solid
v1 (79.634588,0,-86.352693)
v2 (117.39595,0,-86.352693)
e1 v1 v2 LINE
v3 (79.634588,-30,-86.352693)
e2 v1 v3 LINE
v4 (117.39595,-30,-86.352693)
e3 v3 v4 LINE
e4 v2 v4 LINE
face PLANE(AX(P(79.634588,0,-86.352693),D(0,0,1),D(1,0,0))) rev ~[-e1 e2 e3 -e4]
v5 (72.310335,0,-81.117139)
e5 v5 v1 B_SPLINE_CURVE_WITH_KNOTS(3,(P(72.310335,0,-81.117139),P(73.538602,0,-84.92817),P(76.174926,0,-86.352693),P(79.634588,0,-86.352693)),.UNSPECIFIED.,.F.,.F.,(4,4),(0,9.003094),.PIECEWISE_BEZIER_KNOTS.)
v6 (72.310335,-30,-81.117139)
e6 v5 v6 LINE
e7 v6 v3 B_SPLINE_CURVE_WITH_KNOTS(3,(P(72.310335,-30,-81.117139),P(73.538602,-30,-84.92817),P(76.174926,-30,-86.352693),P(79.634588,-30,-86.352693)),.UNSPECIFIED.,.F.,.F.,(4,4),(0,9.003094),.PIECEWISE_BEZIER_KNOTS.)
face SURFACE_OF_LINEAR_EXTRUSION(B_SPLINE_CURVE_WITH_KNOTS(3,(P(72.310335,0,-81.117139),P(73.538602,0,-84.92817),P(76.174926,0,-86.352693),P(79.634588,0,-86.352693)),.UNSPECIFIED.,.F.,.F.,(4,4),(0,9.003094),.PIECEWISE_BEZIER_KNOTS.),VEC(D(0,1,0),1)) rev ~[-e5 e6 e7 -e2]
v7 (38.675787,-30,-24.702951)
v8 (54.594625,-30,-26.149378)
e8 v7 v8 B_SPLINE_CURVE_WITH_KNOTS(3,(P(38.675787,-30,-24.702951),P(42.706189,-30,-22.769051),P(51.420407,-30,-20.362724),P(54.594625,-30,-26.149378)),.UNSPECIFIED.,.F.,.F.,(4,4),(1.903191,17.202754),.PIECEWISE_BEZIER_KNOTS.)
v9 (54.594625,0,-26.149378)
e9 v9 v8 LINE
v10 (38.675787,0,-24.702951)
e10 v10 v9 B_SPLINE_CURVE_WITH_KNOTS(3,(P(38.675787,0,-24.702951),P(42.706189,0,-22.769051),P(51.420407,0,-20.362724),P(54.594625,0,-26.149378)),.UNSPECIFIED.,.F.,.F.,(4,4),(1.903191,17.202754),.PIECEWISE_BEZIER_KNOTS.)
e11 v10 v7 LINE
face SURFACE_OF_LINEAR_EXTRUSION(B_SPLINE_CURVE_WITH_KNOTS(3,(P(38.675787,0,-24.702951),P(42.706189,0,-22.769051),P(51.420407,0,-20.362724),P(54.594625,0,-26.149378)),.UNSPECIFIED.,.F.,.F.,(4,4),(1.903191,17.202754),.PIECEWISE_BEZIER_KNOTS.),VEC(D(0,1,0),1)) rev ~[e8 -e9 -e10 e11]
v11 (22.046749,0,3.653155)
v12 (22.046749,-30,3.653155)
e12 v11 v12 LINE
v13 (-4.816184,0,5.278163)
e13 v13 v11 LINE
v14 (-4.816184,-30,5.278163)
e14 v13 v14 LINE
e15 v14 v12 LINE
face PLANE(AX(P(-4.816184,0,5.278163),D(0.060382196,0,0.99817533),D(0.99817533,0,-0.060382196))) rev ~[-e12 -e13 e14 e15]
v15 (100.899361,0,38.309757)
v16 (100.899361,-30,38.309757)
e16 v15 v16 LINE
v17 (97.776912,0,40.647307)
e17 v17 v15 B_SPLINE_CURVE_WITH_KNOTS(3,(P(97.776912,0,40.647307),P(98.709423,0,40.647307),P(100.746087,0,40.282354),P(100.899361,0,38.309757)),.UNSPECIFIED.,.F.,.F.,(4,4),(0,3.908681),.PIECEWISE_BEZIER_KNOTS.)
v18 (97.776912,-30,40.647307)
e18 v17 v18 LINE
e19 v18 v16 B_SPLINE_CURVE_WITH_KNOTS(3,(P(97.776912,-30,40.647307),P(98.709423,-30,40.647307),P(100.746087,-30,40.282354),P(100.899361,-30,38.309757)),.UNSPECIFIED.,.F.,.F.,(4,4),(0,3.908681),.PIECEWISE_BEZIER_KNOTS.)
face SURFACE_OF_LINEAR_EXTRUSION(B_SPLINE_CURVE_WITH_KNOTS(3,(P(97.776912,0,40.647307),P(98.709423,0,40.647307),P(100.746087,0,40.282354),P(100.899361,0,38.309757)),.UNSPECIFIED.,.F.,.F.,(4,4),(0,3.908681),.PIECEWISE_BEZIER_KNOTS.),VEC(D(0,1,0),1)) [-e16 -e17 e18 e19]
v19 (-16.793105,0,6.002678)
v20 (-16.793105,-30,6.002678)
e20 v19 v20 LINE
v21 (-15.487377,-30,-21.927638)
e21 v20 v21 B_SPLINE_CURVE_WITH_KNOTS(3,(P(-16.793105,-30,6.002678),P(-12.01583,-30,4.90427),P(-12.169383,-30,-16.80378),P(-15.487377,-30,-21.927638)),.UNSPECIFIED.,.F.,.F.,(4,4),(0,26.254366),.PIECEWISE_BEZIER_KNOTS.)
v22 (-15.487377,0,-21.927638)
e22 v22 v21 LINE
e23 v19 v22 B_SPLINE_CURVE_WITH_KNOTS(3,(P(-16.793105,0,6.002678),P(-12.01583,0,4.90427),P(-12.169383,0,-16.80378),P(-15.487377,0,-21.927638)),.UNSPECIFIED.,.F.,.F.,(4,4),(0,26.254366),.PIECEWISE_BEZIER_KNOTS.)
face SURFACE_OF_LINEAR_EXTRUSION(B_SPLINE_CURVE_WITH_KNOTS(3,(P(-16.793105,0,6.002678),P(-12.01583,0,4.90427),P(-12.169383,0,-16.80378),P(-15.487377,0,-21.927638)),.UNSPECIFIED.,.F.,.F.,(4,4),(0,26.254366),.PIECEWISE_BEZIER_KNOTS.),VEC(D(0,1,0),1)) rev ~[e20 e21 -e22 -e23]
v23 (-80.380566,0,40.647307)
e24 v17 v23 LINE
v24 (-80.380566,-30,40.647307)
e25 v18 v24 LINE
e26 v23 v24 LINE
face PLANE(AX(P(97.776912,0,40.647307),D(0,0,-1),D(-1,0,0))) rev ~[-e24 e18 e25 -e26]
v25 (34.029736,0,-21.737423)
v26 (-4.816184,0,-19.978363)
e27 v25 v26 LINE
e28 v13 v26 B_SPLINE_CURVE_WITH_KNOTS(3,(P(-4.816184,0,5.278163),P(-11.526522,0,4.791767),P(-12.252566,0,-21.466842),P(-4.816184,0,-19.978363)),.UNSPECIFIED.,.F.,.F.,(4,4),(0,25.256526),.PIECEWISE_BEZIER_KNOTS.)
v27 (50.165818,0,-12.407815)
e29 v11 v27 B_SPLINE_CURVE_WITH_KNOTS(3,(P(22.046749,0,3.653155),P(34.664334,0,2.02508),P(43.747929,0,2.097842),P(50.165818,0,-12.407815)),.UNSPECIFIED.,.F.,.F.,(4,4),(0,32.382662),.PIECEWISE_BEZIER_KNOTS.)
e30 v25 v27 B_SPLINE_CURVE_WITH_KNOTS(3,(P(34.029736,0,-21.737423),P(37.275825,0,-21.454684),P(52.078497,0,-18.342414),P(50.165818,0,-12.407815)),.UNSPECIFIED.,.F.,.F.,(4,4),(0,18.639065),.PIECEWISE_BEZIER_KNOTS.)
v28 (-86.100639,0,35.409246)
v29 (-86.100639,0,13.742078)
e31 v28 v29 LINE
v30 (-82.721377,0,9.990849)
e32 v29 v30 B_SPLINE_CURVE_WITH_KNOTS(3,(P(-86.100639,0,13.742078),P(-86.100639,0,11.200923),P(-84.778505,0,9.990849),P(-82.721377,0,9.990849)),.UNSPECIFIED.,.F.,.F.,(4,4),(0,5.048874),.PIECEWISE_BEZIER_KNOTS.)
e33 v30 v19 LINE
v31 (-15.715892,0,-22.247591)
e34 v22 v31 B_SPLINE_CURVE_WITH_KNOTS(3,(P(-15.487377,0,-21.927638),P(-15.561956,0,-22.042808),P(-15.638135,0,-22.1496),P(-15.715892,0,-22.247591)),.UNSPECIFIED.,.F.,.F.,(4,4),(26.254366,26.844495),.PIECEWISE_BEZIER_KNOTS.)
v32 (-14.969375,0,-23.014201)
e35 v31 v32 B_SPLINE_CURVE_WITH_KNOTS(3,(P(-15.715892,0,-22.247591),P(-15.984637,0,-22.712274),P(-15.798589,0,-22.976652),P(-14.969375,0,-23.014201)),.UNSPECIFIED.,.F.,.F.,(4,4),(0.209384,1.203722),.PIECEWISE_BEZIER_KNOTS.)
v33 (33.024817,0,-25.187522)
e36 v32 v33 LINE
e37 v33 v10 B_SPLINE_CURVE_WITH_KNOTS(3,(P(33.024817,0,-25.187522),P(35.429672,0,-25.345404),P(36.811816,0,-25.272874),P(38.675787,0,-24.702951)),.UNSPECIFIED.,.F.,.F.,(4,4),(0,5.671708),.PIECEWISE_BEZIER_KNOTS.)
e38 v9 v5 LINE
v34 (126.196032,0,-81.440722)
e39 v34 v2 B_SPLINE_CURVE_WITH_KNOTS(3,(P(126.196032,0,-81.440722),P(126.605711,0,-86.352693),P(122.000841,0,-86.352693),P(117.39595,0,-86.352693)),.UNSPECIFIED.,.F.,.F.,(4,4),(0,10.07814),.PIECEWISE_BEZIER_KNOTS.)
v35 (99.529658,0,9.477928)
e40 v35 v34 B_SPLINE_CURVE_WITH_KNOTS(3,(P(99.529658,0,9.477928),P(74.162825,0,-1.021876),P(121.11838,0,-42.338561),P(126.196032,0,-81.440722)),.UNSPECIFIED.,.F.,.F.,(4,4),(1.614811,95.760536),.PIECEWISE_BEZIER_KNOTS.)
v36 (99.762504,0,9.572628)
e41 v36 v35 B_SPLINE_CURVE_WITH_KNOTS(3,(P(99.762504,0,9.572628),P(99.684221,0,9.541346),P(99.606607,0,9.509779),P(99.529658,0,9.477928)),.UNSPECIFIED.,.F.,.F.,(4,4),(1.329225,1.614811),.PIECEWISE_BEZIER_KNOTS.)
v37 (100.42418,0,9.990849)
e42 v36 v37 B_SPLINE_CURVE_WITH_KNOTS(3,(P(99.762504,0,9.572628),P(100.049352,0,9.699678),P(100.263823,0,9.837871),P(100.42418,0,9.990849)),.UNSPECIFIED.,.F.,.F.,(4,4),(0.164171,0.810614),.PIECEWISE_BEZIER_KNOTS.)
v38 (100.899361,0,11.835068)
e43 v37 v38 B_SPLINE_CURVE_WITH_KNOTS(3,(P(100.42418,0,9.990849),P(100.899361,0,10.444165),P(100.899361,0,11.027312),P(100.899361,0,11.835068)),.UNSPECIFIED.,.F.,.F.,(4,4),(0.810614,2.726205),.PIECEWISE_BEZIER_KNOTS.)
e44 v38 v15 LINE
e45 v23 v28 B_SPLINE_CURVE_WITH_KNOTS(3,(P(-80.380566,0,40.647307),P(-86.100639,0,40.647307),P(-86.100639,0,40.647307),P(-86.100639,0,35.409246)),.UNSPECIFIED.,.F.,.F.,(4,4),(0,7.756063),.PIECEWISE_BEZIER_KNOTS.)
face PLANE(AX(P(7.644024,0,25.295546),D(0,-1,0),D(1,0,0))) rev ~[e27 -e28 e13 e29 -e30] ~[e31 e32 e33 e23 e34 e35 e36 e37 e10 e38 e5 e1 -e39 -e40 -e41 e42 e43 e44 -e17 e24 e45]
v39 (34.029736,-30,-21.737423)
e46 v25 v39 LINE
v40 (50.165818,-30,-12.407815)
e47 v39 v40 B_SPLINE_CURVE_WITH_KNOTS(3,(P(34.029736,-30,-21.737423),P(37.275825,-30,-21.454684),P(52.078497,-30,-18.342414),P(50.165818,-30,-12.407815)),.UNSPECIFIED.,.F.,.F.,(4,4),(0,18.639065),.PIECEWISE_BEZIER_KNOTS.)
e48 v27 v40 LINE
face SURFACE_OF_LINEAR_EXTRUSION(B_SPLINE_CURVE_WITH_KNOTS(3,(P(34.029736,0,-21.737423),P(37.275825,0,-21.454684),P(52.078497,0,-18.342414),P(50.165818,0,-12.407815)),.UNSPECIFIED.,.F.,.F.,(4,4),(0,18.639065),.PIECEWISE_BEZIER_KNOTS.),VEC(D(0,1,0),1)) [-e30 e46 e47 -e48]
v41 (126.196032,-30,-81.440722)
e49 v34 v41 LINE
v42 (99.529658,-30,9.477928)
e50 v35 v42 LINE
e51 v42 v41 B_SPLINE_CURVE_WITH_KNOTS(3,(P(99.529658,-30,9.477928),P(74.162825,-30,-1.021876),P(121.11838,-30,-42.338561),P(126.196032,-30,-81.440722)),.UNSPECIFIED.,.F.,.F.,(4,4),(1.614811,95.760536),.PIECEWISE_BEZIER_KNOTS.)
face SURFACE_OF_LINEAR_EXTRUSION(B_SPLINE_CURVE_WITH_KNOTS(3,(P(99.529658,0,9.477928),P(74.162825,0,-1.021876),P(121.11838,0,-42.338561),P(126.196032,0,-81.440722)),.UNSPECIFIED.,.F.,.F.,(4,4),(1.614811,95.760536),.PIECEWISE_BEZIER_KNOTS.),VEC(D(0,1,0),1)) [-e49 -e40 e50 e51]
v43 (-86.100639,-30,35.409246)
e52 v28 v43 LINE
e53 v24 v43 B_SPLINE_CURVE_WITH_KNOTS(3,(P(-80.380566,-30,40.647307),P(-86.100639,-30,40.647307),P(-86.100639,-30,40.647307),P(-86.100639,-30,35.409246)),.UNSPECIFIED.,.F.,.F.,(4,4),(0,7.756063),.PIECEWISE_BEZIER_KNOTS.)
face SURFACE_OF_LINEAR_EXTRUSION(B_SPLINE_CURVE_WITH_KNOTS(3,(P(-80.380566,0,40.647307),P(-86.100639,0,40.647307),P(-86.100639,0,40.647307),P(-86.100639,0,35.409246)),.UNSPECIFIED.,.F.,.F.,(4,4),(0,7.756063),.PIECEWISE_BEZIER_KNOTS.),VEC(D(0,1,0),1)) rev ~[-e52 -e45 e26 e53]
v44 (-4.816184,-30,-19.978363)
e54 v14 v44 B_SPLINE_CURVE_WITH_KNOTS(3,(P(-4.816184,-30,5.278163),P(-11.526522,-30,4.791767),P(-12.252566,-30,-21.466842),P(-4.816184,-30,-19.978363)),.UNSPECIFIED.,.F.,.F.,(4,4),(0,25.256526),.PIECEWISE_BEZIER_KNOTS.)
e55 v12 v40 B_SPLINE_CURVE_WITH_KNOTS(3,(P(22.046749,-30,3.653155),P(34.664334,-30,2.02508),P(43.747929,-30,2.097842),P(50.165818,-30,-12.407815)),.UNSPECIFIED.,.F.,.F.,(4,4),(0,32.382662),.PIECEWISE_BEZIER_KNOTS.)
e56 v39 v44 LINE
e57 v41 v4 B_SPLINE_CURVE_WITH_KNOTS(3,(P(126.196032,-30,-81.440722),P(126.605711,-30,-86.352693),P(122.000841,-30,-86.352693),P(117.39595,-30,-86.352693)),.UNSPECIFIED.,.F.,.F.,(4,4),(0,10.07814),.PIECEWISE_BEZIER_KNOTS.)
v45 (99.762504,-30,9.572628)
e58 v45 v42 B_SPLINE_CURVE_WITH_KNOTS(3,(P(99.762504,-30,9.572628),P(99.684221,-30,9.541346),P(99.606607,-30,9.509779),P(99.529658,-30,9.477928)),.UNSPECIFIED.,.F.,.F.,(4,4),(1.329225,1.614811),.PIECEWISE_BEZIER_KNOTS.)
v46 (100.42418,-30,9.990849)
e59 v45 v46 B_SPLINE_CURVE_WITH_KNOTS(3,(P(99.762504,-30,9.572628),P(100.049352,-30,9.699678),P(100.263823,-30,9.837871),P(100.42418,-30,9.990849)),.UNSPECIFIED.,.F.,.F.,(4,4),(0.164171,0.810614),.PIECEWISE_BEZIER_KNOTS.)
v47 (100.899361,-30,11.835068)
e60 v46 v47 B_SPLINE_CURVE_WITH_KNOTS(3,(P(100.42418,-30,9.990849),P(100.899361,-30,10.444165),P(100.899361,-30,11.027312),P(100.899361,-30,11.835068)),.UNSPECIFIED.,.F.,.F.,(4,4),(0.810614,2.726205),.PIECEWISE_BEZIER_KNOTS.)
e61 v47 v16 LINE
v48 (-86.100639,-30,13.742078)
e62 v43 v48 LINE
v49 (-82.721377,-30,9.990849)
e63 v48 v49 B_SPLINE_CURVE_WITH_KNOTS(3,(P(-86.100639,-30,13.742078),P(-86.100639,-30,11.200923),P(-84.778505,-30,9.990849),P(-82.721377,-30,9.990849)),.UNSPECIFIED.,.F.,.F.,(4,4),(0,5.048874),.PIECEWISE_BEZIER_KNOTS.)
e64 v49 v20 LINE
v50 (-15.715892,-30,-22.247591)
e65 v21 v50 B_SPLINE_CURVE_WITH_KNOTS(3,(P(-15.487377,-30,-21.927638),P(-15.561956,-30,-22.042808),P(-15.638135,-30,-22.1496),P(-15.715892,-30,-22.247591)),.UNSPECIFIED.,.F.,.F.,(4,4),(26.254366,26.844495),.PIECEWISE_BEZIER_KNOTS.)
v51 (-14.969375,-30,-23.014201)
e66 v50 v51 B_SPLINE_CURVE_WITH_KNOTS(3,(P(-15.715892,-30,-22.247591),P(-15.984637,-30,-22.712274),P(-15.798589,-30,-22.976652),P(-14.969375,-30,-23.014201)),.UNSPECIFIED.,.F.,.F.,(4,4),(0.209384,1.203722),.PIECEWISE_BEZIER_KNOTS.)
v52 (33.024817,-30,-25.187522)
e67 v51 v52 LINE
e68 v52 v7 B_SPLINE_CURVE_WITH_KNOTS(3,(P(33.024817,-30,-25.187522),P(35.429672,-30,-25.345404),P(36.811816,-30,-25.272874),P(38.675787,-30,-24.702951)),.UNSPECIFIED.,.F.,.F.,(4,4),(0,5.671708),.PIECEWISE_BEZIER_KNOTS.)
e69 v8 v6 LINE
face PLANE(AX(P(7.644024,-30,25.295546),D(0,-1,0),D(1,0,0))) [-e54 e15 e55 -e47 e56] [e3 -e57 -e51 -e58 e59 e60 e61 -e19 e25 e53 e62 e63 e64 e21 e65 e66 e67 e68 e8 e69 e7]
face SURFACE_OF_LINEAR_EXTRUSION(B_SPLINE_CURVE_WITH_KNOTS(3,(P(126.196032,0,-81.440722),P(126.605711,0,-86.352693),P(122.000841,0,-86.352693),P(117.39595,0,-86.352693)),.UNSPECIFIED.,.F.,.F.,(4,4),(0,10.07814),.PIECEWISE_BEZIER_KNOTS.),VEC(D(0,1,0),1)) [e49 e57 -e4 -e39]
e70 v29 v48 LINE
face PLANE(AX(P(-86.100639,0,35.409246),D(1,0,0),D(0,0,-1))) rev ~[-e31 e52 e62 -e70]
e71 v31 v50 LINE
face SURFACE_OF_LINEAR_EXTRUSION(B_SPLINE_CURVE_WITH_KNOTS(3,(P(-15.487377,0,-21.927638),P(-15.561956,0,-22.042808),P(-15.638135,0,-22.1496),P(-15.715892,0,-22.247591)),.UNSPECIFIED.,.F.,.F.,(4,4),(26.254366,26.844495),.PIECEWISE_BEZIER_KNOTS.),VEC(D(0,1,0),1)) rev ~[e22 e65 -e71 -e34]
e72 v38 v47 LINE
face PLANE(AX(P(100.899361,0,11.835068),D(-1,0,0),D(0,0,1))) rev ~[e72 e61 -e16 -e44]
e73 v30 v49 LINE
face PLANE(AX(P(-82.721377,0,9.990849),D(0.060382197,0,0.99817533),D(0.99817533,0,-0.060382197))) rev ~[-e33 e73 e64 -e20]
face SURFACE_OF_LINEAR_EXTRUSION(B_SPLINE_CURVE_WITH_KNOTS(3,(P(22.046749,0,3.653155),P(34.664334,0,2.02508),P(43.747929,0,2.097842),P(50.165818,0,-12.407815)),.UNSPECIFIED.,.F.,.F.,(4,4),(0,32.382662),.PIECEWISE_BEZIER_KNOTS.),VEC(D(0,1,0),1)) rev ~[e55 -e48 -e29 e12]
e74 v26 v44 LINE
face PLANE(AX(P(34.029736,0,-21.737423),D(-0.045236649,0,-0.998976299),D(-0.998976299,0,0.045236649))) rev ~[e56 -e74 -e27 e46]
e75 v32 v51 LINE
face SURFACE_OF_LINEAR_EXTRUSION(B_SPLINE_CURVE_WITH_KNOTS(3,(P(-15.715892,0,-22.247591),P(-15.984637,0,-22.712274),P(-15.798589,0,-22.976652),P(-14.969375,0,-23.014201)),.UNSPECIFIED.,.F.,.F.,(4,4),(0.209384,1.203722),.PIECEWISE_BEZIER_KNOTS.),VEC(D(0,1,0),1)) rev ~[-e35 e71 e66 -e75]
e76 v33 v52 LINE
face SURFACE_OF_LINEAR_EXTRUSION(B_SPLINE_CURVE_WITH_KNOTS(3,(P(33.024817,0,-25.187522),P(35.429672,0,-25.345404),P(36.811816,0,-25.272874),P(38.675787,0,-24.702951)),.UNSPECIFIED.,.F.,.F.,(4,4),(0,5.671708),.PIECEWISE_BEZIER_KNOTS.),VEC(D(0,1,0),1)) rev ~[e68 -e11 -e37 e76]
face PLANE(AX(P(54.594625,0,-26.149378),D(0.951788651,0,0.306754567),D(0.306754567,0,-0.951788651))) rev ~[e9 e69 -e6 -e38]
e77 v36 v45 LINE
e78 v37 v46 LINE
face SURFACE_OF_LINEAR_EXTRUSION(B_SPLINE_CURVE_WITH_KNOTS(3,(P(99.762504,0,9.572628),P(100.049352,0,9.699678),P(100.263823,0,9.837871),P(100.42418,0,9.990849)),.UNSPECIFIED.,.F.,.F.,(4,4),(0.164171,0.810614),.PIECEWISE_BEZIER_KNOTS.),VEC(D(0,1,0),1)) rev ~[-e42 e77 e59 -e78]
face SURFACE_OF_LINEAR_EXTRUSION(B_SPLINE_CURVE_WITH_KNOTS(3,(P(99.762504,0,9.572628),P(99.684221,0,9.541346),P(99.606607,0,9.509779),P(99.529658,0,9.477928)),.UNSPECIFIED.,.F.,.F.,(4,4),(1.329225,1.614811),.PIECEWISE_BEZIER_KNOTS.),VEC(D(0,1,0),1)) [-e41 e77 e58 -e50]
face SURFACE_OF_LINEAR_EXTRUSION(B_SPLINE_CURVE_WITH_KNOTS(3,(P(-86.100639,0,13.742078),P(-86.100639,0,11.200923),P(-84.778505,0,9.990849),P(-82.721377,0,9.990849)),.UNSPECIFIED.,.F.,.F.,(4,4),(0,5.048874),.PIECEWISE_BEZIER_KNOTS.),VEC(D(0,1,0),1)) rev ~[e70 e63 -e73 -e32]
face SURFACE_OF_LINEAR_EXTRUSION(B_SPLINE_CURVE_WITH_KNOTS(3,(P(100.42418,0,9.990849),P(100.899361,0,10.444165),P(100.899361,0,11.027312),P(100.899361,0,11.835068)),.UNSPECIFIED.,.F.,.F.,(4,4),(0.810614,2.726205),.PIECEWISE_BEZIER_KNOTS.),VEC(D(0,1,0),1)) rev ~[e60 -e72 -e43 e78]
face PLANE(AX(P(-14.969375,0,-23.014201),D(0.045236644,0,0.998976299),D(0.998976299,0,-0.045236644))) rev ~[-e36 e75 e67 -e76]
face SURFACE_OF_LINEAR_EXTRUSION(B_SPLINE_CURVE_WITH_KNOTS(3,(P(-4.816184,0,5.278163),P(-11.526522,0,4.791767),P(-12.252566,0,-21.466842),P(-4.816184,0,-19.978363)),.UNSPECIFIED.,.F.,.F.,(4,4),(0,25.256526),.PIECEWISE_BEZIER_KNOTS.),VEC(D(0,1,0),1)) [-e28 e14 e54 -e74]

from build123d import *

# Parameters (mm, degrees)
F1_DEPTH = 30


with BuildPart() as f1:
    # F0 (on Front) → F1 (new body)
    with BuildSketch(Plane.XZ):
        with BuildLine():
            Line((97.776912, 40.647307), (-80.380566, 40.647307))
            add(Edge.make_bspline(
                [(-80.380566, 40.647307), (-86.100639, 40.647307), (-86.100639, 40.647307), (-86.100639, 35.409246)],
                knots=[0, 0, 0, 0, 7.756063, 7.756063, 7.756063, 7.756063], degree=3))
            Line((-86.100639, 35.409246), (-86.100639, 23.107393))
            Line((-86.100639, 23.107393), (-86.100639, 13.742078))
            add(Edge.make_bspline(
                [(-86.100639, 13.742078), (-86.100639, 11.200923), (-84.778505, 9.990849), (-82.721377, 9.990849)],
                knots=[0, 0, 0, 0, 5.048874, 5.048874, 5.048874, 5.048874], degree=3))
            Line((-82.721377, 9.990849), (42.946892, 9.990849))
            Line((42.946892, 9.990849), (100.42418, 9.990849))
            add(Edge.make_bspline(
                [(100.42418, 9.990849), (100.899361, 10.444165), (100.899361, 11.027312), (100.899361, 11.835068)],
                knots=[0.810614, 0.810614, 0.810614, 0.810614, 2.726205, 2.726205, 2.726205, 2.726205], degree=3))
            Line((100.899361, 11.835068), (100.899361, 37.817217))
            Line((100.899361, 37.817217), (100.899361, 38.309757))
            add(Edge.make_bspline(
                [(97.776912, 40.647307), (98.709423, 40.647307), (100.746087, 40.282354), (100.899361, 38.309757)],
                knots=[0, 0, 0, 0, 3.908681, 3.908681, 3.908681, 3.908681], degree=3))
        make_face()
        with BuildLine():
            Line((42.946892, 9.990849), (-82.721377, 9.990849))
            Line((-82.721377, 9.990849), (-16.793105, 6.002678))
            Line((-16.793105, 6.002678), (-4.816184, 5.278163))
            Line((-4.816184, 5.278163), (22.046749, 3.653155))
            add(Edge.make_bspline(
                [(22.046749, 3.653155), (34.664334, 2.02508), (43.747929, 2.097842), (50.165818, -12.407815)],
                knots=[0, 0, 0, 0, 32.382662, 32.382662, 32.382662, 32.382662], degree=3))
            Line((50.165818, -12.407815), (42.946892, 9.990849))
        make_face()
        with BuildLine():
            add(Edge.make_bspline(
                [(99.762504, 9.572628), (100.049352, 9.699678), (100.263823, 9.837871), (100.42418, 9.990849)],
                knots=[0.164171, 0.164171, 0.164171, 0.164171, 0.810614, 0.810614, 0.810614, 0.810614], degree=3))
            Line((100.42418, 9.990849), (42.946892, 9.990849))
            Line((42.946892, 9.990849), (50.165818, -12.407815))
            Line((50.165818, -12.407815), (54.594625, -26.149378))
            Line((54.594625, -26.149378), (72.310335, -81.117139))
            add(Edge.make_bspline(
                [(72.310335, -81.117139), (73.538602, -84.92817), (76.174926, -86.352693), (79.634588, -86.352693)],
                knots=[0, 0, 0, 0, 9.003094, 9.003094, 9.003094, 9.003094], degree=3))
            Line((79.634588, -86.352693), (117.39595, -86.352693))
            add(Edge.make_bspline(
                [(126.196032, -81.440722), (126.605711, -86.352693), (122.000841, -86.352693), (117.39595, -86.352693)],
                knots=[0, 0, 0, 0, 10.07814, 10.07814, 10.07814, 10.07814], degree=3))
            add(Edge.make_bspline(
                [(99.529658, 9.477928), (74.162825, -1.021876), (121.11838, -42.338561), (126.196032, -81.440722)],
                knots=[1.614811, 1.614811, 1.614811, 1.614811, 95.760536, 95.760536, 95.760536, 95.760536], degree=3))
            add(Edge.make_bspline(
                [(99.762504, 9.572628), (99.684221, 9.541346), (99.606607, 9.509779), (99.529658, 9.477928)],
                knots=[1.329225, 1.329225, 1.329225, 1.329225, 1.614811, 1.614811, 1.614811, 1.614811], degree=3))
        make_face()
        with BuildLine():
            Line((-4.816184, 5.278163), (-16.793105, 6.002678))
            add(Edge.make_bspline(
                [(-16.793105, 6.002678), (-12.01583, 4.90427), (-12.169383, -16.80378), (-15.487377, -21.927638)],
                knots=[0, 0, 0, 0, 26.254366, 26.254366, 26.254366, 26.254366], degree=3))
            add(Edge.make_bspline(
                [(-15.487377, -21.927638), (-15.561956, -22.042808), (-15.638135, -22.1496), (-15.715892, -22.247591)],
                knots=[26.254366, 26.254366, 26.254366, 26.254366, 26.844495, 26.844495, 26.844495, 26.844495], degree=3))
            add(Edge.make_bspline(
                [(-15.715892, -22.247591), (-15.984637, -22.712274), (-15.798589, -22.976652), (-14.969375, -23.014201)],
                knots=[0.209384, 0.209384, 0.209384, 0.209384, 1.203722, 1.203722, 1.203722, 1.203722], degree=3))
            Line((-14.969375, -23.014201), (33.024817, -25.187522))
            add(Edge.make_bspline(
                [(33.024817, -25.187522), (35.429672, -25.345404), (36.811816, -25.272874), (38.675787, -24.702951)],
                knots=[0, 0, 0, 0, 5.671708, 5.671708, 5.671708, 5.671708], degree=3))
            add(Edge.make_bspline(
                [(38.675787, -24.702951), (42.706189, -22.769051), (51.420407, -20.362724), (54.594625, -26.149378)],
                knots=[1.903191, 1.903191, 1.903191, 1.903191, 17.202754, 17.202754, 17.202754, 17.202754], degree=3))
            Line((54.594625, -26.149378), (50.165818, -12.407815))
            add(Edge.make_bspline(
                [(34.029736, -21.737423), (37.275825, -21.454684), (52.078497, -18.342414), (50.165818, -12.407815)],
                knots=[0, 0, 0, 0, 18.639065, 18.639065, 18.639065, 18.639065], degree=3))
            Line((34.029736, -21.737423), (-4.816184, -19.978363))
            add(Edge.make_bspline(
                [(-4.816184, 5.278163), (-11.526522, 4.791767), (-12.252566, -21.466842), (-4.816184, -19.978363)],
                knots=[0, 0, 0, 0, 25.256526, 25.256526, 25.256526, 25.256526], degree=3))
        make_face()
    extrude(amount=F1_DEPTH)


solid = f1.part
